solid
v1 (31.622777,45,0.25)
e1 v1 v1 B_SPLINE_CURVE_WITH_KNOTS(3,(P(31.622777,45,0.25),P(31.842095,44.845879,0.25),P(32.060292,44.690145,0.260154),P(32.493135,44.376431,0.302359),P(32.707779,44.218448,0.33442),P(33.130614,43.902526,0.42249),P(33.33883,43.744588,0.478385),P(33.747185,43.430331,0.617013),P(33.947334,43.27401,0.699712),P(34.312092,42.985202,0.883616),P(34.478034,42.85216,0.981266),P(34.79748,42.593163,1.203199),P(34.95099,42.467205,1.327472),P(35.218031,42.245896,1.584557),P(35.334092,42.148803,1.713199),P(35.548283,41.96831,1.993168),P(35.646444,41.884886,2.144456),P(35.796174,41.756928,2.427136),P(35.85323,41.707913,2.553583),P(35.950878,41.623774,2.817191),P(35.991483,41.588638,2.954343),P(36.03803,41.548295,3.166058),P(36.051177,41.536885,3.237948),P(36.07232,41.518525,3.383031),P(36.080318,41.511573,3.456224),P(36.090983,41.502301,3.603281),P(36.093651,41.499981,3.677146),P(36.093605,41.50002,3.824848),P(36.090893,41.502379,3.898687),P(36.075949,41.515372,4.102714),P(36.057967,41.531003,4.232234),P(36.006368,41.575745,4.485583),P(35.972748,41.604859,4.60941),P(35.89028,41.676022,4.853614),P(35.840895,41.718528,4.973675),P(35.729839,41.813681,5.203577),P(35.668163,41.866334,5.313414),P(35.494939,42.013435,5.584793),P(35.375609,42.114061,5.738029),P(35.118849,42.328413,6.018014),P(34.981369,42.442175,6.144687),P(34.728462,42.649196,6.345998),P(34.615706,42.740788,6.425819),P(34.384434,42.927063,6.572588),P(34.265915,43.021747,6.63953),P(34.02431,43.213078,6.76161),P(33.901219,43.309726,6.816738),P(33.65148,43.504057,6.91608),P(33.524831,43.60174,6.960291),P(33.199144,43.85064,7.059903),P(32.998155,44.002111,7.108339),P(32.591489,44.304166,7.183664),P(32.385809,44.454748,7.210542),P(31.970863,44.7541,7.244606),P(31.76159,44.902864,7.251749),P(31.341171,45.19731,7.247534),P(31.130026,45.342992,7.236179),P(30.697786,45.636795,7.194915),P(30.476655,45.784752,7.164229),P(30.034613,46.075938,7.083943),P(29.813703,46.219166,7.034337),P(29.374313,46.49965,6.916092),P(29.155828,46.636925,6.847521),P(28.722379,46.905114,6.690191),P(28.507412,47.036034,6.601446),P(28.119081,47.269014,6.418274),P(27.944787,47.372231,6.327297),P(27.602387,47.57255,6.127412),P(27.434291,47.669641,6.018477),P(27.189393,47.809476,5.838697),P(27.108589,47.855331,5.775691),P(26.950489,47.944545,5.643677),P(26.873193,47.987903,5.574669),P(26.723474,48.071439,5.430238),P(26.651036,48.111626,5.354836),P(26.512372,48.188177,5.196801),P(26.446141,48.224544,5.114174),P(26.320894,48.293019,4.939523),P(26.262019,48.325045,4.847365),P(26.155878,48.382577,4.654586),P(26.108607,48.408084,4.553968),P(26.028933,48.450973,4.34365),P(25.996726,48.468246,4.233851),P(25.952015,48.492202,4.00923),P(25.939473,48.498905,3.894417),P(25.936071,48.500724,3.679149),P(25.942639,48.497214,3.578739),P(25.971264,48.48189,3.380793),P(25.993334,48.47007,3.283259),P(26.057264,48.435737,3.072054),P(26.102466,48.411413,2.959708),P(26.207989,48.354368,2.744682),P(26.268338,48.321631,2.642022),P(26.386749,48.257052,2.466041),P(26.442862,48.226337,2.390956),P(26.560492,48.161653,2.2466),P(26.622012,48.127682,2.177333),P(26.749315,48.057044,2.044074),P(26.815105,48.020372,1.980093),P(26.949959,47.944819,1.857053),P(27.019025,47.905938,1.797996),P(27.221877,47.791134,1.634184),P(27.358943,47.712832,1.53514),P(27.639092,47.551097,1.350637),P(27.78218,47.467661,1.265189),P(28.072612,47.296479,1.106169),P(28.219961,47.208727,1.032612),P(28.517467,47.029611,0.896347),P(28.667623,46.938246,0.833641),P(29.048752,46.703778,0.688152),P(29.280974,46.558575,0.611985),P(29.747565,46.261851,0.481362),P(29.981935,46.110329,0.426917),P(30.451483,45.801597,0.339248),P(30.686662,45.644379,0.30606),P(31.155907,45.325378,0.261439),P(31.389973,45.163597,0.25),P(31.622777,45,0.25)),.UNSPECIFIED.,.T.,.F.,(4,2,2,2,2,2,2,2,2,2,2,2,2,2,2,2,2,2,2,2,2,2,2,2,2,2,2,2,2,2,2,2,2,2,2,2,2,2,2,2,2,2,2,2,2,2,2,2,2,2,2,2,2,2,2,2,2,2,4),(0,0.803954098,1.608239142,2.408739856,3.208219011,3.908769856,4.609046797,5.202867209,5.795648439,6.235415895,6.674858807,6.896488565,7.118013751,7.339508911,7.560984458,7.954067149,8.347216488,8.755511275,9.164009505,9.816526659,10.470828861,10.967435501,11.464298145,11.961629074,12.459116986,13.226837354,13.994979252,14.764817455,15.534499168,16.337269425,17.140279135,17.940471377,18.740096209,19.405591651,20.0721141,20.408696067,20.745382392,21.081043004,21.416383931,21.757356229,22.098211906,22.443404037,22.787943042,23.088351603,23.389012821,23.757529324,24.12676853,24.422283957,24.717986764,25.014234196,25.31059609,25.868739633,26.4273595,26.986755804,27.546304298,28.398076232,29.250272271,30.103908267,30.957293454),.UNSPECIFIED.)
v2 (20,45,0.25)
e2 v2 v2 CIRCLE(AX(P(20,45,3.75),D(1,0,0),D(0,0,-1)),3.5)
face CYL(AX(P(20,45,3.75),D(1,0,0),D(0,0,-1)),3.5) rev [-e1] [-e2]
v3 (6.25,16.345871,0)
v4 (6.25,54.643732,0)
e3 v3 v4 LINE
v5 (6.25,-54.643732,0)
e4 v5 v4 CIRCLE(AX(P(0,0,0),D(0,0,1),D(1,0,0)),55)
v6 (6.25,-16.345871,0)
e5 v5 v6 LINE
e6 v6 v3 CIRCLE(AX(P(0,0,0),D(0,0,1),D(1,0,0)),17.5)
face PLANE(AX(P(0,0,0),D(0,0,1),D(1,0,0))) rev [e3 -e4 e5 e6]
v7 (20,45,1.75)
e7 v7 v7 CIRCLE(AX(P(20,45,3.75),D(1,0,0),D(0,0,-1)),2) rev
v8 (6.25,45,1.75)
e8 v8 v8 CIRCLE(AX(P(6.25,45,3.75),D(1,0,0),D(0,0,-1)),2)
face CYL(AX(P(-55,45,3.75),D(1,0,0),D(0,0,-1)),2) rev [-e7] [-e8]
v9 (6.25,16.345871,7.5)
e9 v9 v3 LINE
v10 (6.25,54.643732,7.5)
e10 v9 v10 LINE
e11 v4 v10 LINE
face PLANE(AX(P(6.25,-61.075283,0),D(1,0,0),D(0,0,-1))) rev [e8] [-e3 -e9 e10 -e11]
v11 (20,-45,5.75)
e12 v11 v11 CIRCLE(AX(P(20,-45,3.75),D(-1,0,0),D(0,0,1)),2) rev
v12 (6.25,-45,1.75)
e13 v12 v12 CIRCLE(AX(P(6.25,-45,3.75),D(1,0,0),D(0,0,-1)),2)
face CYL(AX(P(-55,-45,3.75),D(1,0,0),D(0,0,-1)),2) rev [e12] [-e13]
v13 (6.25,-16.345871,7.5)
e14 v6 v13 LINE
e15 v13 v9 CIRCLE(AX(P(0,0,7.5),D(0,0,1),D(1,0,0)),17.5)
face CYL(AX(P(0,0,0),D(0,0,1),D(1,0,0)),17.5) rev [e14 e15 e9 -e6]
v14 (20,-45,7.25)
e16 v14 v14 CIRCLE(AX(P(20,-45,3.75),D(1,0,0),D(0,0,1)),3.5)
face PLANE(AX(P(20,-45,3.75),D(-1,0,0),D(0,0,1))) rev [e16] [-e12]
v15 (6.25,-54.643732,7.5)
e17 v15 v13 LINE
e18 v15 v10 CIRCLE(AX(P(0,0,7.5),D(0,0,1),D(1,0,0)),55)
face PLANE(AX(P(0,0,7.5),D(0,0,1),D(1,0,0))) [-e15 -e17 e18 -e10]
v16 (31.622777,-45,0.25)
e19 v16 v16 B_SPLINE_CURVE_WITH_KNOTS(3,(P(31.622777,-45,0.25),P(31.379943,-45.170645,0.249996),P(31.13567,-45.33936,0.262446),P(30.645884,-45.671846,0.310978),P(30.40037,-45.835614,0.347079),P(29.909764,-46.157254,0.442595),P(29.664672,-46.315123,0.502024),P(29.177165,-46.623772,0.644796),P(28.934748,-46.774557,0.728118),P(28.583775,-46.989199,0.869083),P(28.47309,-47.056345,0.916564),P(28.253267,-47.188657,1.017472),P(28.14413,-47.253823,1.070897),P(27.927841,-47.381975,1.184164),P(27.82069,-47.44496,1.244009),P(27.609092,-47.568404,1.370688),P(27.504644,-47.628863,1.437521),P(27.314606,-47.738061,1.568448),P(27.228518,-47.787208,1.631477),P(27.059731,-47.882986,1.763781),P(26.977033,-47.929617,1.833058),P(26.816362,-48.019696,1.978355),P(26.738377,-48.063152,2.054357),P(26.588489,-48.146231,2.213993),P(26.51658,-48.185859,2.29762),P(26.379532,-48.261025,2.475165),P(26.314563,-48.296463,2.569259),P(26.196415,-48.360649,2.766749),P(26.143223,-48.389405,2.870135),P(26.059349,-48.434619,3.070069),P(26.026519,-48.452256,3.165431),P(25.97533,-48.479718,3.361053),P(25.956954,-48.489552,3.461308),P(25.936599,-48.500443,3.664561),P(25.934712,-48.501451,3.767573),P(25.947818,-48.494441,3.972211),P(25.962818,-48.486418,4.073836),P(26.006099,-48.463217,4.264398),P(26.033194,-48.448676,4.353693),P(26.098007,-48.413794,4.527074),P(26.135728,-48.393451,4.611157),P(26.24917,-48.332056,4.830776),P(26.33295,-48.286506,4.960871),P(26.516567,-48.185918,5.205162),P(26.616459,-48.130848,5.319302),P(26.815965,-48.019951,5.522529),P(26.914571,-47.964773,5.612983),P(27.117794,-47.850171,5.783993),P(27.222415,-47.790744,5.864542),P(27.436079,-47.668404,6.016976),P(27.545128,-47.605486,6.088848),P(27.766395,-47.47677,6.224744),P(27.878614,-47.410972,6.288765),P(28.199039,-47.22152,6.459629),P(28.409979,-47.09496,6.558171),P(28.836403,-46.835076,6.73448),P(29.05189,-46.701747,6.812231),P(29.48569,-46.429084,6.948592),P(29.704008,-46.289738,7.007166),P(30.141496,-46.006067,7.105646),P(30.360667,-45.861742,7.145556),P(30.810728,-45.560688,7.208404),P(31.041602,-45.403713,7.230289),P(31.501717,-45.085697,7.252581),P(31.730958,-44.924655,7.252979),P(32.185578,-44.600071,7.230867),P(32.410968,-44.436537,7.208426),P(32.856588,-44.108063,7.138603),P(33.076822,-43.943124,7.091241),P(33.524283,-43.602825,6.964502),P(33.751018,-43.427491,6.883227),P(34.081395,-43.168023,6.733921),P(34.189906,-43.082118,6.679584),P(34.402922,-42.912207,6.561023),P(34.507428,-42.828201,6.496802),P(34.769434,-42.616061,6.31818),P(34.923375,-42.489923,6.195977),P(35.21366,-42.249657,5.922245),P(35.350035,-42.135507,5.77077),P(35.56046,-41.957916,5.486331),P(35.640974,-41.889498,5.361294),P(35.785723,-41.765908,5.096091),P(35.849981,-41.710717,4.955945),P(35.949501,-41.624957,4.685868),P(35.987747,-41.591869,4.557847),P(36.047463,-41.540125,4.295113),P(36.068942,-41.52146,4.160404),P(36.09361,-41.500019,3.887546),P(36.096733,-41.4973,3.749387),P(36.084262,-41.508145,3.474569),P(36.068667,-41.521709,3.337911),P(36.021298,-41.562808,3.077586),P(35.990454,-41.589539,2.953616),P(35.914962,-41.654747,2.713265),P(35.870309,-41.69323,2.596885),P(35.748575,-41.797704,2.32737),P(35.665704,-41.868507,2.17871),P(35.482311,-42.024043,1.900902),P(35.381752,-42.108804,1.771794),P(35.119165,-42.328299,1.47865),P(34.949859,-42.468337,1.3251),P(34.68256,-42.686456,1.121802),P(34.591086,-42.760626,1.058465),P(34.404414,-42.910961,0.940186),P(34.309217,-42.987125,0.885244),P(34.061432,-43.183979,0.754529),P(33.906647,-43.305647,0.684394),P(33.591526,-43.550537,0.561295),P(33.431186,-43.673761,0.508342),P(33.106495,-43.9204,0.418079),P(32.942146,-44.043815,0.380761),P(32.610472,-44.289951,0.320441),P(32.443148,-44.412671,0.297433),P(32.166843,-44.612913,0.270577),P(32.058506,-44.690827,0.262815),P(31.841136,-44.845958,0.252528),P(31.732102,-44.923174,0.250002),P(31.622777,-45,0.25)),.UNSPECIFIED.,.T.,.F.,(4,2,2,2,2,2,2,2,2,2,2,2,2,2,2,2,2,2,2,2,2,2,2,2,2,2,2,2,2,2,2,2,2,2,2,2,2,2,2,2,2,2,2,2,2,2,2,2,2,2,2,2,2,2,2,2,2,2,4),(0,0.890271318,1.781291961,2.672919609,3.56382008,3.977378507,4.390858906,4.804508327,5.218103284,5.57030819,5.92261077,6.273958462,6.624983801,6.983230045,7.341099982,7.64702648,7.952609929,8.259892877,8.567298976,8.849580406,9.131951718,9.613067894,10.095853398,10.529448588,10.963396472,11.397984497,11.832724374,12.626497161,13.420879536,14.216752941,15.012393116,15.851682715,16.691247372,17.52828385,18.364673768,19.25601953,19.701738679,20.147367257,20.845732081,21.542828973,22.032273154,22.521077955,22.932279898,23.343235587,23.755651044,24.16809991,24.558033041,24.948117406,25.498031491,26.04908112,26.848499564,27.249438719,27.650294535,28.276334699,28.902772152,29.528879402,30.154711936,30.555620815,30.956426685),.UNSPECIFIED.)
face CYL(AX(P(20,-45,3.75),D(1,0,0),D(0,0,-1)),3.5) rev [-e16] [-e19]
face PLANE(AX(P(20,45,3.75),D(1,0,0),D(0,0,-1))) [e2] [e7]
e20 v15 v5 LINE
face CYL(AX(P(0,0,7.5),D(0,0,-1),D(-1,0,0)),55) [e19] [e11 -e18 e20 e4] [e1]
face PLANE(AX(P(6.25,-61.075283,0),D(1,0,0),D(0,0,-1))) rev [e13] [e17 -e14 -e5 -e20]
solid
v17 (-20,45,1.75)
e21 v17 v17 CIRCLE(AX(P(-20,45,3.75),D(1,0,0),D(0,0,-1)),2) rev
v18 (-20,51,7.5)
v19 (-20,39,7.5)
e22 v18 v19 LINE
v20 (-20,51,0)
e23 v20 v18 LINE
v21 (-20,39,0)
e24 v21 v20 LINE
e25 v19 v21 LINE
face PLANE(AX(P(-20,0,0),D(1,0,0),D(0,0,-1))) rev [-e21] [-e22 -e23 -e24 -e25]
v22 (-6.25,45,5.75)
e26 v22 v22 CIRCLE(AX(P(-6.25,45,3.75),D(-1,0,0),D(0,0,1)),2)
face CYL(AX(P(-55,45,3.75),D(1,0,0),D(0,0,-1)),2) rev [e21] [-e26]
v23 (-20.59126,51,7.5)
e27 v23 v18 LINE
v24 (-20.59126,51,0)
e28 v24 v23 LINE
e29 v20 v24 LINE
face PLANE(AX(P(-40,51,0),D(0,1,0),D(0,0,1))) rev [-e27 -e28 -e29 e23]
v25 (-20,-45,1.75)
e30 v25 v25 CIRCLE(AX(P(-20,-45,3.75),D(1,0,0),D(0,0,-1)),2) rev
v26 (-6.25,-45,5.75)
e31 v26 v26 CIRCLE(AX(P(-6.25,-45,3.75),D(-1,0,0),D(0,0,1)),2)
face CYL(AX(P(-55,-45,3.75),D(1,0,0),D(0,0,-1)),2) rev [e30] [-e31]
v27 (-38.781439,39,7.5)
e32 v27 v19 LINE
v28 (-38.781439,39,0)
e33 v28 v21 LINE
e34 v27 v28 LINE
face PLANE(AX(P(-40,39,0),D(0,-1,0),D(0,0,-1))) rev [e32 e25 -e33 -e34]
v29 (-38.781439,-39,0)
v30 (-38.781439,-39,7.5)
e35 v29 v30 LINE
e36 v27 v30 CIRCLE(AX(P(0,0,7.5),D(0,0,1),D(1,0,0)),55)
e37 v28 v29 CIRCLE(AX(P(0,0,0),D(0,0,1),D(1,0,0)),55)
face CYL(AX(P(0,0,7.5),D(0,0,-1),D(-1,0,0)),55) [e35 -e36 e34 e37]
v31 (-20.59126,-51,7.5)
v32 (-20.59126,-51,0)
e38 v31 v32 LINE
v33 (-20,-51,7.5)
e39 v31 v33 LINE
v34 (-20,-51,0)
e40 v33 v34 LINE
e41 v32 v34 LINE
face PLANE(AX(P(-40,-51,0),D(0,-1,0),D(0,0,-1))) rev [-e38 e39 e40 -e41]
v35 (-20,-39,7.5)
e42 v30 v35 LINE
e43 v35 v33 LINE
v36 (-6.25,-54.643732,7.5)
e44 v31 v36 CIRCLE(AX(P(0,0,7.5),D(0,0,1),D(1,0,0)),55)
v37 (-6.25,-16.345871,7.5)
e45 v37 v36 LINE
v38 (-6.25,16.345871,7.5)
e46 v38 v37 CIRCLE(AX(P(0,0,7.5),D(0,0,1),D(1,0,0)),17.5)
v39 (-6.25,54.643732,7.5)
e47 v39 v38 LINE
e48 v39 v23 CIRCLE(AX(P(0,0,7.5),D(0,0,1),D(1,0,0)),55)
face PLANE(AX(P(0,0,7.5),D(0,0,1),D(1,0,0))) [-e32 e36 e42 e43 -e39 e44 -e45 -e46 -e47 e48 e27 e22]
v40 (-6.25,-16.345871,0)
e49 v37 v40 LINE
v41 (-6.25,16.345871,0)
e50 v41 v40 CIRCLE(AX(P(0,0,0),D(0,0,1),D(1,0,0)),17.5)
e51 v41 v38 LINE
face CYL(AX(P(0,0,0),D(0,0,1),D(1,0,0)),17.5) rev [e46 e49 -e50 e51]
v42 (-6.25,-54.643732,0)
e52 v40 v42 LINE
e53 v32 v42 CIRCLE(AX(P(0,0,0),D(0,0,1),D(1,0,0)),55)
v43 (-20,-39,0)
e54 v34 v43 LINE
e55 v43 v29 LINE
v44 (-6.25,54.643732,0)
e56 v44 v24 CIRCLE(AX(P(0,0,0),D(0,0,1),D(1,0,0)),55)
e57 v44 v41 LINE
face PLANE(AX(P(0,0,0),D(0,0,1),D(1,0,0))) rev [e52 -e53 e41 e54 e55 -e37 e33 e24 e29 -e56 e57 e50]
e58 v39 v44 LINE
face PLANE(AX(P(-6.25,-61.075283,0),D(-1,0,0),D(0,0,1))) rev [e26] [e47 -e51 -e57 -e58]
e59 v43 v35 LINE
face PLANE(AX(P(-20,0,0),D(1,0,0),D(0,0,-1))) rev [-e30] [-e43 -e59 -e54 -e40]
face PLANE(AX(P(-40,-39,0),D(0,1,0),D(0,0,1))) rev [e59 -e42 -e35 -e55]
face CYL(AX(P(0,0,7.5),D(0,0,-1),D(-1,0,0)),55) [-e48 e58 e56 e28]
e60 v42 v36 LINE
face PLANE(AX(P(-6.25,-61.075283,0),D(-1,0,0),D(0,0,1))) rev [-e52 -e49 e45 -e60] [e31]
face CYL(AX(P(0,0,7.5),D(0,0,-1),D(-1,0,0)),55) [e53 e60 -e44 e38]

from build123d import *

# Parameters (mm, degrees)
SKETCH1_R               = 55
BOSS_EXTRUDE1_DEPTH     = 7.5
SKETCH2_R               = 17.5
CUT_EXTRUDE1_DEPTH      = 79.14249804
SKETCH3_W               = 12.5
SKETCH3_H               = 122.150565914
CUT_EXTRUDE2_DEPTH      = 79.14249804
CUT_EXTRUDE3_DEPTH      = 78.892153007
CUT_EXTRUDE3_DEPTH_BACK = 78.892153007
SKETCH4_R               = 2
CUT_EXTRUDE5_START      = 40
SKETCH5_R               = 3.5
CUT_EXTRUDE5_DEPTH      = 20
CUT_EXTRUDE6_START      = -20
SKETCH6_W               = 7.5
SKETCH6_H               = 12
CUT_EXTRUDE6_DEPTH      = 20


with BuildPart() as part:
    # Sketch1 → Boss-Extrude1 (new body)
    with BuildSketch(Plane.XY):
        Circle(SKETCH1_R)
    extrude(amount=BOSS_EXTRUDE1_DEPTH)

    # Sketch2 → Cut-Extrude1 (cut, through all)
    with BuildSketch(Plane.XY.offset(7.5)):
        Circle(SKETCH2_R)
    extrude(amount=-CUT_EXTRUDE1_DEPTH, mode=Mode.SUBTRACT)

    # Sketch3 → Cut-Extrude2 (cut, through all)
    with BuildSketch(Plane.XY.offset(7.5)):
        Rectangle(SKETCH3_W, SKETCH3_H)
    extrude(amount=-CUT_EXTRUDE2_DEPTH, mode=Mode.SUBTRACT)


with BuildPart() as cut_extrude2_piece_1:
    # of the separate pieces the step leaves, piece 1, a body of its own (cut_extrude2_pieces)
    add(part.part.solids().sort_by_distance((6.25, -54.643732486, 0))[0])


with BuildPart() as cut_extrude2_piece_2:
    # of the separate pieces the step leaves, piece 2, a body of its own (cut_extrude2_pieces)
    add(part.part.solids().sort_by_distance((-6.25, 54.643732486, 0))[0])


with BuildPart() as cut_extrude3_tool:
    # Sketch4 → Cut-Extrude3 (new, two sides: drawn at the far end of the back side and taken through both)
    with BuildSketch(Plane(origin=(0, 0, 0), x_dir=(0, 0, -1), z_dir=(1, 0, 0)).offset(-CUT_EXTRUDE3_DEPTH_BACK)):
        with Locations((-3.75, 45)):
            Circle(SKETCH4_R)
        with Locations((-3.75, -45)):
            Circle(SKETCH4_R)
    extrude(amount=CUT_EXTRUDE3_DEPTH + CUT_EXTRUDE3_DEPTH_BACK)


with BuildPart() as cut_extrude2_piece_1_1:
    add(cut_extrude2_piece_1.part)

    # Cut-Extrude3: cut by cut_extrude3_tool
    add(cut_extrude3_tool.part, mode=Mode.SUBTRACT)

    # Sketch5 → Cut-Extrude5 (cut)
    with BuildSketch(Plane(origin=(0, 0, 0), x_dir=(0, 0, -1), z_dir=(1, 0, 0)).offset(CUT_EXTRUDE5_START)):
        with Locations((-3.75, 45)):
            Circle(SKETCH5_R)
        with Locations((-3.75, -45)):
            Circle(SKETCH5_R)
    extrude(amount=-CUT_EXTRUDE5_DEPTH, mode=Mode.SUBTRACT)


with BuildPart() as cut_extrude2_piece_2_1:
    add(cut_extrude2_piece_2.part)

    # Cut-Extrude3: cut by cut_extrude3_tool
    add(cut_extrude3_tool.part, mode=Mode.SUBTRACT)

    # Sketch6 → Cut-Extrude6 (cut)
    with BuildSketch(Plane(origin=(0, 0, 0), x_dir=(0, 0, -1), z_dir=(1, 0, 0)).offset(CUT_EXTRUDE6_START)):
        with Locations((-3.75, 45)):
            Rectangle(SKETCH6_W, SKETCH6_H)
        with Locations((-3.75, -45)):
            Rectangle(SKETCH6_W, SKETCH6_H)
    extrude(amount=-CUT_EXTRUDE6_DEPTH, mode=Mode.SUBTRACT)


solid = Compound([cut_extrude2_piece_1_1.part, cut_extrude2_piece_2_1.part])
